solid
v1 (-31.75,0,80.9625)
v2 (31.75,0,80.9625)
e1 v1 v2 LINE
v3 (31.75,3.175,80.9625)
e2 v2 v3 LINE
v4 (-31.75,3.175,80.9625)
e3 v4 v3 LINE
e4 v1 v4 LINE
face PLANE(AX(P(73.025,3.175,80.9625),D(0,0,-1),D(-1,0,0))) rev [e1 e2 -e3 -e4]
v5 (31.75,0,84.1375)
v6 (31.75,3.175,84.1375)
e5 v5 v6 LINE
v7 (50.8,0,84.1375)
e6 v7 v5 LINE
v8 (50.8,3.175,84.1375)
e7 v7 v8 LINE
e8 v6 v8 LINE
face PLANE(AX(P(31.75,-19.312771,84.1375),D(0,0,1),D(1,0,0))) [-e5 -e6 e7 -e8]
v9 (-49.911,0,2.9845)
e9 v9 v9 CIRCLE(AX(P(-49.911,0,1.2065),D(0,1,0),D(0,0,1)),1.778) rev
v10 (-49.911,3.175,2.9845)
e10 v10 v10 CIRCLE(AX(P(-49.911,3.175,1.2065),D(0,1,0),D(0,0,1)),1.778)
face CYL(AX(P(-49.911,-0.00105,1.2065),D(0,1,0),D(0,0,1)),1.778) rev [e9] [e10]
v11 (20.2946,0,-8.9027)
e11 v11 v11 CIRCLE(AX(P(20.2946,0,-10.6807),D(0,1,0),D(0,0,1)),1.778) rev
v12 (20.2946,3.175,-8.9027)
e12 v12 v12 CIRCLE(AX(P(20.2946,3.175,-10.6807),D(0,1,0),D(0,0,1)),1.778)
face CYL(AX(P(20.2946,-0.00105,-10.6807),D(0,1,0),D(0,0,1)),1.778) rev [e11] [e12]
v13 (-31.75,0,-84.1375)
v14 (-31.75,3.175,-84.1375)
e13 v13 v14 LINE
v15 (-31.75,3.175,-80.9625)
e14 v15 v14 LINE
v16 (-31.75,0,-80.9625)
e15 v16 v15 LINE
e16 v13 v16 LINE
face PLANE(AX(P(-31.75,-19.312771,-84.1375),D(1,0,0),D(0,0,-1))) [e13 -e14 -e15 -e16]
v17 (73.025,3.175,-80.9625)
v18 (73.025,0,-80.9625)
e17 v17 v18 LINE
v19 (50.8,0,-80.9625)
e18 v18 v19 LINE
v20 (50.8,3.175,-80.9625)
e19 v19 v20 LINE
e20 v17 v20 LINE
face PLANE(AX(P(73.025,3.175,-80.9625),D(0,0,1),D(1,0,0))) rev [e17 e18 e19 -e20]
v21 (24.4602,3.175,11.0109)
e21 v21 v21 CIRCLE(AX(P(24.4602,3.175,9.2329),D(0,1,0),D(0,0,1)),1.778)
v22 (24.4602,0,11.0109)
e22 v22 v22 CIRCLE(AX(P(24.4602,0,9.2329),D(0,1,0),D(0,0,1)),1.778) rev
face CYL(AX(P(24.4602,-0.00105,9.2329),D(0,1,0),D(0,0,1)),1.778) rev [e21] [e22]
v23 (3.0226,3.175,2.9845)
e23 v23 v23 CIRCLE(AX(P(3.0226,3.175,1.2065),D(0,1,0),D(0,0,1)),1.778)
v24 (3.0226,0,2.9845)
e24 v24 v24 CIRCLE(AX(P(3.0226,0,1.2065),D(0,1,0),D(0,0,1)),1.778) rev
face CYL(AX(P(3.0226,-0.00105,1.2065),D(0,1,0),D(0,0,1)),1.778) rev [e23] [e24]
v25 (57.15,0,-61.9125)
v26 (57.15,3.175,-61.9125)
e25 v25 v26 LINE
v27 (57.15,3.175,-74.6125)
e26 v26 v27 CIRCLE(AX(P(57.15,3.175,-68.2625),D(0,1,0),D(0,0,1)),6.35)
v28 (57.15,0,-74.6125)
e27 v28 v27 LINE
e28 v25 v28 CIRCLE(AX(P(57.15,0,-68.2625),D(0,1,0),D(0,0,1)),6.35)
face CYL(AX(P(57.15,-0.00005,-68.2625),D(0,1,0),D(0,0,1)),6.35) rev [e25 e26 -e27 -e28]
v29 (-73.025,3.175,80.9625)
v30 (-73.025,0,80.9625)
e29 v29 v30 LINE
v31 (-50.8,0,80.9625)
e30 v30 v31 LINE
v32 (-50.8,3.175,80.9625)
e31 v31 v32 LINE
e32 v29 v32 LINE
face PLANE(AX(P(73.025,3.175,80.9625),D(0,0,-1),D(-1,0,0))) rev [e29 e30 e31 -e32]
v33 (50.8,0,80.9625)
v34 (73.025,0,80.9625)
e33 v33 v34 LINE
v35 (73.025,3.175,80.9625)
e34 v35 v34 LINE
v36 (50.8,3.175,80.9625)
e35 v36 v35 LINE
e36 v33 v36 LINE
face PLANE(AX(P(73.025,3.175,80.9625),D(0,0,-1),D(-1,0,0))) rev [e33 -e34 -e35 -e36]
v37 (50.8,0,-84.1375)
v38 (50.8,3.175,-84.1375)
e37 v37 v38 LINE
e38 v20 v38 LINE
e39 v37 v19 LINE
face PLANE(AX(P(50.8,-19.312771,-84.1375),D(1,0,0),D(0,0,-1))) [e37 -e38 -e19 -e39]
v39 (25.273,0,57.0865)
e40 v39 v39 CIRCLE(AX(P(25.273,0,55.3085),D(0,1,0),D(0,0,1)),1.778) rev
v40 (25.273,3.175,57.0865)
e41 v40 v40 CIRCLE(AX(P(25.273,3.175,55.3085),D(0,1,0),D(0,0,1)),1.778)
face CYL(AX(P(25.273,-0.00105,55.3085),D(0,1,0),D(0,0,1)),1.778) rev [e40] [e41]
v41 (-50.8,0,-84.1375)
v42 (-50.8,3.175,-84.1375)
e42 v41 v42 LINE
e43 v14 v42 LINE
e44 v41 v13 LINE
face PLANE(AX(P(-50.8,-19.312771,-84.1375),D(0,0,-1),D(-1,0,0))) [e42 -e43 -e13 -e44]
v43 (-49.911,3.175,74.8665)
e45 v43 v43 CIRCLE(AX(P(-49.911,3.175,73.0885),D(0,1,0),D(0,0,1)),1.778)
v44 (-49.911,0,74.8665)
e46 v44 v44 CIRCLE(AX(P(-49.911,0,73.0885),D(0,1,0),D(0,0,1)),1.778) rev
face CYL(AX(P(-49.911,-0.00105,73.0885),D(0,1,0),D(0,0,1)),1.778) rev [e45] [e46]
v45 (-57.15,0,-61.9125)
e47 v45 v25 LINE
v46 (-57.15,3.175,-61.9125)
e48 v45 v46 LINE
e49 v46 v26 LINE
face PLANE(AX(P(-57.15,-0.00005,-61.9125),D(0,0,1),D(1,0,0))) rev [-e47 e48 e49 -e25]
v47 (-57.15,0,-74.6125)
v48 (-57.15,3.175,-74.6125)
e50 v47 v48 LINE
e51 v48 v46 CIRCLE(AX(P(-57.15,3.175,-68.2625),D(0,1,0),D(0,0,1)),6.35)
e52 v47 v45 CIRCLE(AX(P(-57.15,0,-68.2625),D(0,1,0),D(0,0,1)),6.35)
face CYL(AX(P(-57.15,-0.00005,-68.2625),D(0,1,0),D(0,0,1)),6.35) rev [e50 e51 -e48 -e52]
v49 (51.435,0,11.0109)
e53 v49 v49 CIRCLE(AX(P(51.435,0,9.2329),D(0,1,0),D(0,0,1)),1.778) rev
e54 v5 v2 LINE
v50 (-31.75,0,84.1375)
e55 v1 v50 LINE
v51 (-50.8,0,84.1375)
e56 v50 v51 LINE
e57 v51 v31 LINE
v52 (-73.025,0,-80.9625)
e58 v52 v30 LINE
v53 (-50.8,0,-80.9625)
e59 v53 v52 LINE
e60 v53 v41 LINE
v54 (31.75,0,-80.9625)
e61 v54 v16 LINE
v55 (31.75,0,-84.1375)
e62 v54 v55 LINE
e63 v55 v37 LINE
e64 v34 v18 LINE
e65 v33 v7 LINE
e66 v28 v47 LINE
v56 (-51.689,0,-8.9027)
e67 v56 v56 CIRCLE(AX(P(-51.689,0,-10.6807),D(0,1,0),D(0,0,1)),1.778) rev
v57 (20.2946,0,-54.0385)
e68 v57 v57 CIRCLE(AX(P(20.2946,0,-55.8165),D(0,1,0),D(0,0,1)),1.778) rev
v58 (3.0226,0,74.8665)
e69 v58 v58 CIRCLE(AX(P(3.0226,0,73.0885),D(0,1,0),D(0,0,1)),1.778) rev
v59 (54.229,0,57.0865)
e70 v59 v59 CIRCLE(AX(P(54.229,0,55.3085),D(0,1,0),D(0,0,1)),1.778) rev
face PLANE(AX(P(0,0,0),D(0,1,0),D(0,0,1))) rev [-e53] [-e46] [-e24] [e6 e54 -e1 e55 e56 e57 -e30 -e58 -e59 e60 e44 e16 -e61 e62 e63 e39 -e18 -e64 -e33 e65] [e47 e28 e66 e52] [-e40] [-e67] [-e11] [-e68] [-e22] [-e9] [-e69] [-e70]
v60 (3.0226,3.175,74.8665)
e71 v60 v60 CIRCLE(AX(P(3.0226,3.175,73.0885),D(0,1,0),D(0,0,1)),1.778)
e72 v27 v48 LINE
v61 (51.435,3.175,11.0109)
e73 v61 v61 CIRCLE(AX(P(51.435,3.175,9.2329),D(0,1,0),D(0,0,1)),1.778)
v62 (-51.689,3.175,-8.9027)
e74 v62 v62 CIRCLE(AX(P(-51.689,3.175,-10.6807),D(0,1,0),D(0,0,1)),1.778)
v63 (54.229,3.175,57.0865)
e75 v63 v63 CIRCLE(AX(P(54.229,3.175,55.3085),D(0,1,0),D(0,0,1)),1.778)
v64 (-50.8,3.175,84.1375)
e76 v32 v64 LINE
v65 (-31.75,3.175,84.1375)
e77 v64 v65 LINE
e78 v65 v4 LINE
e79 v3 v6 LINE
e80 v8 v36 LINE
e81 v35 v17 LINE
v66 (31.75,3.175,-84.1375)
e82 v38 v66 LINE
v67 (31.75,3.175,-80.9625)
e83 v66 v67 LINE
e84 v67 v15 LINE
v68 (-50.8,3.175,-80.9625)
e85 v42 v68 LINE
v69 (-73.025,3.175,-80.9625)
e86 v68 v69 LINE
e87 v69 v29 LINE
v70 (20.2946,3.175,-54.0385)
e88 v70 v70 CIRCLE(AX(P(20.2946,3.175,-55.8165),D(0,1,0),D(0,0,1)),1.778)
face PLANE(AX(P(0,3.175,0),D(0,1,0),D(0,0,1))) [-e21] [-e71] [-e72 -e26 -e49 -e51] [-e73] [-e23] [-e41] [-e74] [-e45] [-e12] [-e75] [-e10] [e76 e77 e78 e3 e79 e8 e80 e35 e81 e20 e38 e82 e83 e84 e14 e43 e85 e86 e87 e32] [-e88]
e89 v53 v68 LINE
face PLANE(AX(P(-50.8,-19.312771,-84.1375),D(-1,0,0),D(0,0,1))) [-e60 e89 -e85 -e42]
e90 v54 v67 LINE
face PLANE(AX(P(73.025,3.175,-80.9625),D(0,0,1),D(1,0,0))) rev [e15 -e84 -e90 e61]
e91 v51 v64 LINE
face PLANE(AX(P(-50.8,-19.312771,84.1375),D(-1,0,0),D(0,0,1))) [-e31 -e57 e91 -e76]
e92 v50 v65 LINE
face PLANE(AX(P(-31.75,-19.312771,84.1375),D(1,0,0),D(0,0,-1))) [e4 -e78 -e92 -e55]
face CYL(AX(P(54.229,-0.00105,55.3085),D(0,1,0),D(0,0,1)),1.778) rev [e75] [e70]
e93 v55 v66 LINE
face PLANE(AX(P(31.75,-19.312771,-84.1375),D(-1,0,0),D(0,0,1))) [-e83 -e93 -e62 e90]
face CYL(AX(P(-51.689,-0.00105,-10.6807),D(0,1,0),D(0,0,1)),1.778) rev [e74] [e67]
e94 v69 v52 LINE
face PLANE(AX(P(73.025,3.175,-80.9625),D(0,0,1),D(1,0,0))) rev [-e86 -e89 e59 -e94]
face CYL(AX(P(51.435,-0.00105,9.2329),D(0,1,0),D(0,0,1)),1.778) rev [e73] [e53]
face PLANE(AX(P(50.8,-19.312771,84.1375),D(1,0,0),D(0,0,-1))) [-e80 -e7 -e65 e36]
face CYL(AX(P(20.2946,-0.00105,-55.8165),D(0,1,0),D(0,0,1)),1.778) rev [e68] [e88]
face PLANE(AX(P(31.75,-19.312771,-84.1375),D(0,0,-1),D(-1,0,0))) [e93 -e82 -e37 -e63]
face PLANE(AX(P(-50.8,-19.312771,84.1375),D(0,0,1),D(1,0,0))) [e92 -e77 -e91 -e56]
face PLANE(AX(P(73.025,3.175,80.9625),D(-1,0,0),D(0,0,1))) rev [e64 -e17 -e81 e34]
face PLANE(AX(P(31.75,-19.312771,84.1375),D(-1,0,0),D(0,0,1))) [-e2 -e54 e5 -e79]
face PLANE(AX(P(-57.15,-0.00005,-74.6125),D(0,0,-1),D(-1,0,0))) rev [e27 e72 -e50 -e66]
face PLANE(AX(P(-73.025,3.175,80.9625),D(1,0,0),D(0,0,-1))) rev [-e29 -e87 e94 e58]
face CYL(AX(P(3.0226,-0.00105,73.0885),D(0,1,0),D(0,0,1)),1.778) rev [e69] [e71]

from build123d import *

# Parameters (mm, degrees)
SKETCH1_W           = 146.05
SKETCH1_H           = 161.925
BOSS_EXTRUDE1_DEPTH = 3.175
SKETCH2_W           = 19.05
SKETCH2_H           = 3.175
BOSS_EXTRUDE2_DEPTH = 3.175
CUT_EXTRUDE1_DEPTH  = 112.453354172
CUT_EXTRUDE2_REACH  = 113.453
SKETCH4_R           = 1.778


with BuildPart() as part:
    # Sketch1 → Boss-Extrude1 (new body)
    with BuildSketch(Plane(origin=(0, 0, 0), x_dir=(1, 0, 0), z_dir=(0, 1, 0))):
        Rectangle(SKETCH1_W, SKETCH1_H)
    extrude(amount=BOSS_EXTRUDE1_DEPTH)

    # Sketch2 → Boss-Extrude2 (add)
    with BuildSketch(Plane(origin=(0, 3.175, 0), x_dir=(1, 0, 0), z_dir=(0, 1, 0))):
        with Locations((-41.275, 82.55)):
            Rectangle(SKETCH2_W, SKETCH2_H)
        with Locations((41.275, 82.55)):
            Rectangle(SKETCH2_W, SKETCH2_H)
        with Locations((41.275, -82.55)):
            Rectangle(SKETCH2_W, SKETCH2_H)
        with Locations((-41.275, -82.55)):
            Rectangle(SKETCH2_W, SKETCH2_H)
    extrude(amount=-BOSS_EXTRUDE2_DEPTH)

    # Sketch3 → Cut-Extrude1 (cut, through all)
    with BuildSketch(Plane(origin=(0, 3.175, 0), x_dir=(1, 0, 0), z_dir=(0, 1, 0))):
        with BuildLine():
            Line((-57.15, 74.6125), (57.15, 74.6125))
            ThreePointArc((57.15, 74.6125), (63.5, 68.2625), (57.15, 61.9125))
            Line((57.15, 61.9125), (-57.15, 61.9125))
            ThreePointArc((-57.15, 61.9125), (-63.5, 68.2625), (-57.15, 74.6125))
        make_face()
    extrude(amount=-CUT_EXTRUDE1_DEPTH, mode=Mode.SUBTRACT)

    # Sketch4 → Cut-Extrude2 (cut, up to next)
    with BuildSketch(Plane(origin=(0, 3.175, 0), x_dir=(1, 0, 0), z_dir=(0, 1, 0)), mode=Mode.PRIVATE) as cut_extrude2_sk1:
        with Locations(Location((54.229, -55.3085, 0), (0, 0, 270))):
            Circle(SKETCH4_R)
    cut_extrude2_tool1 = extrude(cut_extrude2_sk1.sketch, amount=-CUT_EXTRUDE2_REACH, mode=Mode.PRIVATE) & part.part
    # Sketch4 → Cut-Extrude2 (cut, up to next)
    with BuildSketch(Plane(origin=(0, 3.175, 0), x_dir=(1, 0, 0), z_dir=(0, 1, 0)), mode=Mode.PRIVATE) as cut_extrude2_sk2:
        with Locations(Location((25.273, -55.3085, 0), (0, 0, 270))):
            Circle(SKETCH4_R)
    cut_extrude2_tool2 = extrude(cut_extrude2_sk2.sketch, amount=-CUT_EXTRUDE2_REACH, mode=Mode.PRIVATE) & part.part
    # Sketch4 → Cut-Extrude2 (cut, up to next)
    with BuildSketch(Plane(origin=(0, 3.175, 0), x_dir=(1, 0, 0), z_dir=(0, 1, 0)), mode=Mode.PRIVATE) as cut_extrude2_sk3:
        with Locations(Location((24.4602, -9.2329, 0), (0, 0, 270))):
            Circle(SKETCH4_R)
    cut_extrude2_tool3 = extrude(cut_extrude2_sk3.sketch, amount=-CUT_EXTRUDE2_REACH, mode=Mode.PRIVATE) & part.part
    # Sketch4 → Cut-Extrude2 (cut, up to next)
    with BuildSketch(Plane(origin=(0, 3.175, 0), x_dir=(1, 0, 0), z_dir=(0, 1, 0)), mode=Mode.PRIVATE) as cut_extrude2_sk4:
        with Locations(Location((51.435, -9.2329, 0), (0, 0, 270))):
            Circle(SKETCH4_R)
    cut_extrude2_tool4 = extrude(cut_extrude2_sk4.sketch, amount=-CUT_EXTRUDE2_REACH, mode=Mode.PRIVATE) & part.part
    # Sketch4 → Cut-Extrude2 (cut, up to next)
    with BuildSketch(Plane(origin=(0, 3.175, 0), x_dir=(1, 0, 0), z_dir=(0, 1, 0)), mode=Mode.PRIVATE) as cut_extrude2_sk5:
        with Locations(Location((3.0226, -73.0885, 0), (0, 0, 270))):
            Circle(SKETCH4_R)
    cut_extrude2_tool5 = extrude(cut_extrude2_sk5.sketch, amount=-CUT_EXTRUDE2_REACH, mode=Mode.PRIVATE) & part.part
    # Sketch4 → Cut-Extrude2 (cut, up to next)
    with BuildSketch(Plane(origin=(0, 3.175, 0), x_dir=(1, 0, 0), z_dir=(0, 1, 0)), mode=Mode.PRIVATE) as cut_extrude2_sk6:
        with Locations(Location((-49.911, -73.0885, 0), (0, 0, 270))):
            Circle(SKETCH4_R)
    cut_extrude2_tool6 = extrude(cut_extrude2_sk6.sketch, amount=-CUT_EXTRUDE2_REACH, mode=Mode.PRIVATE) & part.part
    # Sketch4 → Cut-Extrude2 (cut, up to next)
    with BuildSketch(Plane(origin=(0, 3.175, 0), x_dir=(1, 0, 0), z_dir=(0, 1, 0)), mode=Mode.PRIVATE) as cut_extrude2_sk7:
        with Locations(Location((-49.911, -1.2065, 0), (0, 0, 270))):
            Circle(SKETCH4_R)
    cut_extrude2_tool7 = extrude(cut_extrude2_sk7.sketch, amount=-CUT_EXTRUDE2_REACH, mode=Mode.PRIVATE) & part.part
    # Sketch4 → Cut-Extrude2 (cut, up to next)
    with BuildSketch(Plane(origin=(0, 3.175, 0), x_dir=(1, 0, 0), z_dir=(0, 1, 0)), mode=Mode.PRIVATE) as cut_extrude2_sk8:
        with Locations(Location((3.0226, -1.2065, 0), (0, 0, 270))):
            Circle(SKETCH4_R)
    cut_extrude2_tool8 = extrude(cut_extrude2_sk8.sketch, amount=-CUT_EXTRUDE2_REACH, mode=Mode.PRIVATE) & part.part
    # Sketch4 → Cut-Extrude2 (cut, up to next)
    with BuildSketch(Plane(origin=(0, 3.175, 0), x_dir=(1, 0, 0), z_dir=(0, 1, 0)), mode=Mode.PRIVATE) as cut_extrude2_sk9:
        with Locations(Location((-51.689, 10.6807, 0), (0, 0, 270))):
            Circle(SKETCH4_R)
    cut_extrude2_tool9 = extrude(cut_extrude2_sk9.sketch, amount=-CUT_EXTRUDE2_REACH, mode=Mode.PRIVATE) & part.part
    # Sketch4 → Cut-Extrude2 (cut, up to next)
    with BuildSketch(Plane(origin=(0, 3.175, 0), x_dir=(1, 0, 0), z_dir=(0, 1, 0)), mode=Mode.PRIVATE) as cut_extrude2_sk10:
        with Locations(Location((20.2946, 10.6807, 0), (0, 0, 270))):
            Circle(SKETCH4_R)
    cut_extrude2_tool10 = extrude(cut_extrude2_sk10.sketch, amount=-CUT_EXTRUDE2_REACH, mode=Mode.PRIVATE) & part.part
    # Sketch4 → Cut-Extrude2 (cut, up to next)
    with BuildSketch(Plane(origin=(0, 3.175, 0), x_dir=(1, 0, 0), z_dir=(0, 1, 0)), mode=Mode.PRIVATE) as cut_extrude2_sk11:
        with Locations(Location((20.2946, 55.8165, 0), (0, 0, 270))):
            Circle(SKETCH4_R)
    cut_extrude2_tool11 = extrude(cut_extrude2_sk11.sketch, amount=-CUT_EXTRUDE2_REACH, mode=Mode.PRIVATE) & part.part
    add(cut_extrude2_tool1.solids().sort_by_distance((54.229, 3.175, 55.3085))[0], mode=Mode.SUBTRACT)
    add(cut_extrude2_tool2.solids().sort_by_distance((25.273, 3.175, 55.3085))[0], mode=Mode.SUBTRACT)
    add(cut_extrude2_tool3.solids().sort_by_distance((24.4602, 3.175, 9.2329))[0], mode=Mode.SUBTRACT)
    add(cut_extrude2_tool4.solids().sort_by_distance((51.435, 3.175, 9.2329))[0], mode=Mode.SUBTRACT)
    add(cut_extrude2_tool5.solids().sort_by_distance((3.0226, 3.175, 73.0885))[0], mode=Mode.SUBTRACT)
    add(cut_extrude2_tool6.solids().sort_by_distance((-49.911, 3.175, 73.0885))[0], mode=Mode.SUBTRACT)
    add(cut_extrude2_tool7.solids().sort_by_distance((-49.911, 3.175, 1.2065))[0], mode=Mode.SUBTRACT)
    add(cut_extrude2_tool8.solids().sort_by_distance((3.0226, 3.175, 1.2065))[0], mode=Mode.SUBTRACT)
    add(cut_extrude2_tool9.solids().sort_by_distance((-51.689, 3.175, -10.6807))[0], mode=Mode.SUBTRACT)
    add(cut_extrude2_tool10.solids().sort_by_distance((20.2946, 3.175, -10.6807))[0], mode=Mode.SUBTRACT)
    add(cut_extrude2_tool11.solids().sort_by_distance((20.2946, 3.175, -55.8165))[0], mode=Mode.SUBTRACT)


solid = part.part
